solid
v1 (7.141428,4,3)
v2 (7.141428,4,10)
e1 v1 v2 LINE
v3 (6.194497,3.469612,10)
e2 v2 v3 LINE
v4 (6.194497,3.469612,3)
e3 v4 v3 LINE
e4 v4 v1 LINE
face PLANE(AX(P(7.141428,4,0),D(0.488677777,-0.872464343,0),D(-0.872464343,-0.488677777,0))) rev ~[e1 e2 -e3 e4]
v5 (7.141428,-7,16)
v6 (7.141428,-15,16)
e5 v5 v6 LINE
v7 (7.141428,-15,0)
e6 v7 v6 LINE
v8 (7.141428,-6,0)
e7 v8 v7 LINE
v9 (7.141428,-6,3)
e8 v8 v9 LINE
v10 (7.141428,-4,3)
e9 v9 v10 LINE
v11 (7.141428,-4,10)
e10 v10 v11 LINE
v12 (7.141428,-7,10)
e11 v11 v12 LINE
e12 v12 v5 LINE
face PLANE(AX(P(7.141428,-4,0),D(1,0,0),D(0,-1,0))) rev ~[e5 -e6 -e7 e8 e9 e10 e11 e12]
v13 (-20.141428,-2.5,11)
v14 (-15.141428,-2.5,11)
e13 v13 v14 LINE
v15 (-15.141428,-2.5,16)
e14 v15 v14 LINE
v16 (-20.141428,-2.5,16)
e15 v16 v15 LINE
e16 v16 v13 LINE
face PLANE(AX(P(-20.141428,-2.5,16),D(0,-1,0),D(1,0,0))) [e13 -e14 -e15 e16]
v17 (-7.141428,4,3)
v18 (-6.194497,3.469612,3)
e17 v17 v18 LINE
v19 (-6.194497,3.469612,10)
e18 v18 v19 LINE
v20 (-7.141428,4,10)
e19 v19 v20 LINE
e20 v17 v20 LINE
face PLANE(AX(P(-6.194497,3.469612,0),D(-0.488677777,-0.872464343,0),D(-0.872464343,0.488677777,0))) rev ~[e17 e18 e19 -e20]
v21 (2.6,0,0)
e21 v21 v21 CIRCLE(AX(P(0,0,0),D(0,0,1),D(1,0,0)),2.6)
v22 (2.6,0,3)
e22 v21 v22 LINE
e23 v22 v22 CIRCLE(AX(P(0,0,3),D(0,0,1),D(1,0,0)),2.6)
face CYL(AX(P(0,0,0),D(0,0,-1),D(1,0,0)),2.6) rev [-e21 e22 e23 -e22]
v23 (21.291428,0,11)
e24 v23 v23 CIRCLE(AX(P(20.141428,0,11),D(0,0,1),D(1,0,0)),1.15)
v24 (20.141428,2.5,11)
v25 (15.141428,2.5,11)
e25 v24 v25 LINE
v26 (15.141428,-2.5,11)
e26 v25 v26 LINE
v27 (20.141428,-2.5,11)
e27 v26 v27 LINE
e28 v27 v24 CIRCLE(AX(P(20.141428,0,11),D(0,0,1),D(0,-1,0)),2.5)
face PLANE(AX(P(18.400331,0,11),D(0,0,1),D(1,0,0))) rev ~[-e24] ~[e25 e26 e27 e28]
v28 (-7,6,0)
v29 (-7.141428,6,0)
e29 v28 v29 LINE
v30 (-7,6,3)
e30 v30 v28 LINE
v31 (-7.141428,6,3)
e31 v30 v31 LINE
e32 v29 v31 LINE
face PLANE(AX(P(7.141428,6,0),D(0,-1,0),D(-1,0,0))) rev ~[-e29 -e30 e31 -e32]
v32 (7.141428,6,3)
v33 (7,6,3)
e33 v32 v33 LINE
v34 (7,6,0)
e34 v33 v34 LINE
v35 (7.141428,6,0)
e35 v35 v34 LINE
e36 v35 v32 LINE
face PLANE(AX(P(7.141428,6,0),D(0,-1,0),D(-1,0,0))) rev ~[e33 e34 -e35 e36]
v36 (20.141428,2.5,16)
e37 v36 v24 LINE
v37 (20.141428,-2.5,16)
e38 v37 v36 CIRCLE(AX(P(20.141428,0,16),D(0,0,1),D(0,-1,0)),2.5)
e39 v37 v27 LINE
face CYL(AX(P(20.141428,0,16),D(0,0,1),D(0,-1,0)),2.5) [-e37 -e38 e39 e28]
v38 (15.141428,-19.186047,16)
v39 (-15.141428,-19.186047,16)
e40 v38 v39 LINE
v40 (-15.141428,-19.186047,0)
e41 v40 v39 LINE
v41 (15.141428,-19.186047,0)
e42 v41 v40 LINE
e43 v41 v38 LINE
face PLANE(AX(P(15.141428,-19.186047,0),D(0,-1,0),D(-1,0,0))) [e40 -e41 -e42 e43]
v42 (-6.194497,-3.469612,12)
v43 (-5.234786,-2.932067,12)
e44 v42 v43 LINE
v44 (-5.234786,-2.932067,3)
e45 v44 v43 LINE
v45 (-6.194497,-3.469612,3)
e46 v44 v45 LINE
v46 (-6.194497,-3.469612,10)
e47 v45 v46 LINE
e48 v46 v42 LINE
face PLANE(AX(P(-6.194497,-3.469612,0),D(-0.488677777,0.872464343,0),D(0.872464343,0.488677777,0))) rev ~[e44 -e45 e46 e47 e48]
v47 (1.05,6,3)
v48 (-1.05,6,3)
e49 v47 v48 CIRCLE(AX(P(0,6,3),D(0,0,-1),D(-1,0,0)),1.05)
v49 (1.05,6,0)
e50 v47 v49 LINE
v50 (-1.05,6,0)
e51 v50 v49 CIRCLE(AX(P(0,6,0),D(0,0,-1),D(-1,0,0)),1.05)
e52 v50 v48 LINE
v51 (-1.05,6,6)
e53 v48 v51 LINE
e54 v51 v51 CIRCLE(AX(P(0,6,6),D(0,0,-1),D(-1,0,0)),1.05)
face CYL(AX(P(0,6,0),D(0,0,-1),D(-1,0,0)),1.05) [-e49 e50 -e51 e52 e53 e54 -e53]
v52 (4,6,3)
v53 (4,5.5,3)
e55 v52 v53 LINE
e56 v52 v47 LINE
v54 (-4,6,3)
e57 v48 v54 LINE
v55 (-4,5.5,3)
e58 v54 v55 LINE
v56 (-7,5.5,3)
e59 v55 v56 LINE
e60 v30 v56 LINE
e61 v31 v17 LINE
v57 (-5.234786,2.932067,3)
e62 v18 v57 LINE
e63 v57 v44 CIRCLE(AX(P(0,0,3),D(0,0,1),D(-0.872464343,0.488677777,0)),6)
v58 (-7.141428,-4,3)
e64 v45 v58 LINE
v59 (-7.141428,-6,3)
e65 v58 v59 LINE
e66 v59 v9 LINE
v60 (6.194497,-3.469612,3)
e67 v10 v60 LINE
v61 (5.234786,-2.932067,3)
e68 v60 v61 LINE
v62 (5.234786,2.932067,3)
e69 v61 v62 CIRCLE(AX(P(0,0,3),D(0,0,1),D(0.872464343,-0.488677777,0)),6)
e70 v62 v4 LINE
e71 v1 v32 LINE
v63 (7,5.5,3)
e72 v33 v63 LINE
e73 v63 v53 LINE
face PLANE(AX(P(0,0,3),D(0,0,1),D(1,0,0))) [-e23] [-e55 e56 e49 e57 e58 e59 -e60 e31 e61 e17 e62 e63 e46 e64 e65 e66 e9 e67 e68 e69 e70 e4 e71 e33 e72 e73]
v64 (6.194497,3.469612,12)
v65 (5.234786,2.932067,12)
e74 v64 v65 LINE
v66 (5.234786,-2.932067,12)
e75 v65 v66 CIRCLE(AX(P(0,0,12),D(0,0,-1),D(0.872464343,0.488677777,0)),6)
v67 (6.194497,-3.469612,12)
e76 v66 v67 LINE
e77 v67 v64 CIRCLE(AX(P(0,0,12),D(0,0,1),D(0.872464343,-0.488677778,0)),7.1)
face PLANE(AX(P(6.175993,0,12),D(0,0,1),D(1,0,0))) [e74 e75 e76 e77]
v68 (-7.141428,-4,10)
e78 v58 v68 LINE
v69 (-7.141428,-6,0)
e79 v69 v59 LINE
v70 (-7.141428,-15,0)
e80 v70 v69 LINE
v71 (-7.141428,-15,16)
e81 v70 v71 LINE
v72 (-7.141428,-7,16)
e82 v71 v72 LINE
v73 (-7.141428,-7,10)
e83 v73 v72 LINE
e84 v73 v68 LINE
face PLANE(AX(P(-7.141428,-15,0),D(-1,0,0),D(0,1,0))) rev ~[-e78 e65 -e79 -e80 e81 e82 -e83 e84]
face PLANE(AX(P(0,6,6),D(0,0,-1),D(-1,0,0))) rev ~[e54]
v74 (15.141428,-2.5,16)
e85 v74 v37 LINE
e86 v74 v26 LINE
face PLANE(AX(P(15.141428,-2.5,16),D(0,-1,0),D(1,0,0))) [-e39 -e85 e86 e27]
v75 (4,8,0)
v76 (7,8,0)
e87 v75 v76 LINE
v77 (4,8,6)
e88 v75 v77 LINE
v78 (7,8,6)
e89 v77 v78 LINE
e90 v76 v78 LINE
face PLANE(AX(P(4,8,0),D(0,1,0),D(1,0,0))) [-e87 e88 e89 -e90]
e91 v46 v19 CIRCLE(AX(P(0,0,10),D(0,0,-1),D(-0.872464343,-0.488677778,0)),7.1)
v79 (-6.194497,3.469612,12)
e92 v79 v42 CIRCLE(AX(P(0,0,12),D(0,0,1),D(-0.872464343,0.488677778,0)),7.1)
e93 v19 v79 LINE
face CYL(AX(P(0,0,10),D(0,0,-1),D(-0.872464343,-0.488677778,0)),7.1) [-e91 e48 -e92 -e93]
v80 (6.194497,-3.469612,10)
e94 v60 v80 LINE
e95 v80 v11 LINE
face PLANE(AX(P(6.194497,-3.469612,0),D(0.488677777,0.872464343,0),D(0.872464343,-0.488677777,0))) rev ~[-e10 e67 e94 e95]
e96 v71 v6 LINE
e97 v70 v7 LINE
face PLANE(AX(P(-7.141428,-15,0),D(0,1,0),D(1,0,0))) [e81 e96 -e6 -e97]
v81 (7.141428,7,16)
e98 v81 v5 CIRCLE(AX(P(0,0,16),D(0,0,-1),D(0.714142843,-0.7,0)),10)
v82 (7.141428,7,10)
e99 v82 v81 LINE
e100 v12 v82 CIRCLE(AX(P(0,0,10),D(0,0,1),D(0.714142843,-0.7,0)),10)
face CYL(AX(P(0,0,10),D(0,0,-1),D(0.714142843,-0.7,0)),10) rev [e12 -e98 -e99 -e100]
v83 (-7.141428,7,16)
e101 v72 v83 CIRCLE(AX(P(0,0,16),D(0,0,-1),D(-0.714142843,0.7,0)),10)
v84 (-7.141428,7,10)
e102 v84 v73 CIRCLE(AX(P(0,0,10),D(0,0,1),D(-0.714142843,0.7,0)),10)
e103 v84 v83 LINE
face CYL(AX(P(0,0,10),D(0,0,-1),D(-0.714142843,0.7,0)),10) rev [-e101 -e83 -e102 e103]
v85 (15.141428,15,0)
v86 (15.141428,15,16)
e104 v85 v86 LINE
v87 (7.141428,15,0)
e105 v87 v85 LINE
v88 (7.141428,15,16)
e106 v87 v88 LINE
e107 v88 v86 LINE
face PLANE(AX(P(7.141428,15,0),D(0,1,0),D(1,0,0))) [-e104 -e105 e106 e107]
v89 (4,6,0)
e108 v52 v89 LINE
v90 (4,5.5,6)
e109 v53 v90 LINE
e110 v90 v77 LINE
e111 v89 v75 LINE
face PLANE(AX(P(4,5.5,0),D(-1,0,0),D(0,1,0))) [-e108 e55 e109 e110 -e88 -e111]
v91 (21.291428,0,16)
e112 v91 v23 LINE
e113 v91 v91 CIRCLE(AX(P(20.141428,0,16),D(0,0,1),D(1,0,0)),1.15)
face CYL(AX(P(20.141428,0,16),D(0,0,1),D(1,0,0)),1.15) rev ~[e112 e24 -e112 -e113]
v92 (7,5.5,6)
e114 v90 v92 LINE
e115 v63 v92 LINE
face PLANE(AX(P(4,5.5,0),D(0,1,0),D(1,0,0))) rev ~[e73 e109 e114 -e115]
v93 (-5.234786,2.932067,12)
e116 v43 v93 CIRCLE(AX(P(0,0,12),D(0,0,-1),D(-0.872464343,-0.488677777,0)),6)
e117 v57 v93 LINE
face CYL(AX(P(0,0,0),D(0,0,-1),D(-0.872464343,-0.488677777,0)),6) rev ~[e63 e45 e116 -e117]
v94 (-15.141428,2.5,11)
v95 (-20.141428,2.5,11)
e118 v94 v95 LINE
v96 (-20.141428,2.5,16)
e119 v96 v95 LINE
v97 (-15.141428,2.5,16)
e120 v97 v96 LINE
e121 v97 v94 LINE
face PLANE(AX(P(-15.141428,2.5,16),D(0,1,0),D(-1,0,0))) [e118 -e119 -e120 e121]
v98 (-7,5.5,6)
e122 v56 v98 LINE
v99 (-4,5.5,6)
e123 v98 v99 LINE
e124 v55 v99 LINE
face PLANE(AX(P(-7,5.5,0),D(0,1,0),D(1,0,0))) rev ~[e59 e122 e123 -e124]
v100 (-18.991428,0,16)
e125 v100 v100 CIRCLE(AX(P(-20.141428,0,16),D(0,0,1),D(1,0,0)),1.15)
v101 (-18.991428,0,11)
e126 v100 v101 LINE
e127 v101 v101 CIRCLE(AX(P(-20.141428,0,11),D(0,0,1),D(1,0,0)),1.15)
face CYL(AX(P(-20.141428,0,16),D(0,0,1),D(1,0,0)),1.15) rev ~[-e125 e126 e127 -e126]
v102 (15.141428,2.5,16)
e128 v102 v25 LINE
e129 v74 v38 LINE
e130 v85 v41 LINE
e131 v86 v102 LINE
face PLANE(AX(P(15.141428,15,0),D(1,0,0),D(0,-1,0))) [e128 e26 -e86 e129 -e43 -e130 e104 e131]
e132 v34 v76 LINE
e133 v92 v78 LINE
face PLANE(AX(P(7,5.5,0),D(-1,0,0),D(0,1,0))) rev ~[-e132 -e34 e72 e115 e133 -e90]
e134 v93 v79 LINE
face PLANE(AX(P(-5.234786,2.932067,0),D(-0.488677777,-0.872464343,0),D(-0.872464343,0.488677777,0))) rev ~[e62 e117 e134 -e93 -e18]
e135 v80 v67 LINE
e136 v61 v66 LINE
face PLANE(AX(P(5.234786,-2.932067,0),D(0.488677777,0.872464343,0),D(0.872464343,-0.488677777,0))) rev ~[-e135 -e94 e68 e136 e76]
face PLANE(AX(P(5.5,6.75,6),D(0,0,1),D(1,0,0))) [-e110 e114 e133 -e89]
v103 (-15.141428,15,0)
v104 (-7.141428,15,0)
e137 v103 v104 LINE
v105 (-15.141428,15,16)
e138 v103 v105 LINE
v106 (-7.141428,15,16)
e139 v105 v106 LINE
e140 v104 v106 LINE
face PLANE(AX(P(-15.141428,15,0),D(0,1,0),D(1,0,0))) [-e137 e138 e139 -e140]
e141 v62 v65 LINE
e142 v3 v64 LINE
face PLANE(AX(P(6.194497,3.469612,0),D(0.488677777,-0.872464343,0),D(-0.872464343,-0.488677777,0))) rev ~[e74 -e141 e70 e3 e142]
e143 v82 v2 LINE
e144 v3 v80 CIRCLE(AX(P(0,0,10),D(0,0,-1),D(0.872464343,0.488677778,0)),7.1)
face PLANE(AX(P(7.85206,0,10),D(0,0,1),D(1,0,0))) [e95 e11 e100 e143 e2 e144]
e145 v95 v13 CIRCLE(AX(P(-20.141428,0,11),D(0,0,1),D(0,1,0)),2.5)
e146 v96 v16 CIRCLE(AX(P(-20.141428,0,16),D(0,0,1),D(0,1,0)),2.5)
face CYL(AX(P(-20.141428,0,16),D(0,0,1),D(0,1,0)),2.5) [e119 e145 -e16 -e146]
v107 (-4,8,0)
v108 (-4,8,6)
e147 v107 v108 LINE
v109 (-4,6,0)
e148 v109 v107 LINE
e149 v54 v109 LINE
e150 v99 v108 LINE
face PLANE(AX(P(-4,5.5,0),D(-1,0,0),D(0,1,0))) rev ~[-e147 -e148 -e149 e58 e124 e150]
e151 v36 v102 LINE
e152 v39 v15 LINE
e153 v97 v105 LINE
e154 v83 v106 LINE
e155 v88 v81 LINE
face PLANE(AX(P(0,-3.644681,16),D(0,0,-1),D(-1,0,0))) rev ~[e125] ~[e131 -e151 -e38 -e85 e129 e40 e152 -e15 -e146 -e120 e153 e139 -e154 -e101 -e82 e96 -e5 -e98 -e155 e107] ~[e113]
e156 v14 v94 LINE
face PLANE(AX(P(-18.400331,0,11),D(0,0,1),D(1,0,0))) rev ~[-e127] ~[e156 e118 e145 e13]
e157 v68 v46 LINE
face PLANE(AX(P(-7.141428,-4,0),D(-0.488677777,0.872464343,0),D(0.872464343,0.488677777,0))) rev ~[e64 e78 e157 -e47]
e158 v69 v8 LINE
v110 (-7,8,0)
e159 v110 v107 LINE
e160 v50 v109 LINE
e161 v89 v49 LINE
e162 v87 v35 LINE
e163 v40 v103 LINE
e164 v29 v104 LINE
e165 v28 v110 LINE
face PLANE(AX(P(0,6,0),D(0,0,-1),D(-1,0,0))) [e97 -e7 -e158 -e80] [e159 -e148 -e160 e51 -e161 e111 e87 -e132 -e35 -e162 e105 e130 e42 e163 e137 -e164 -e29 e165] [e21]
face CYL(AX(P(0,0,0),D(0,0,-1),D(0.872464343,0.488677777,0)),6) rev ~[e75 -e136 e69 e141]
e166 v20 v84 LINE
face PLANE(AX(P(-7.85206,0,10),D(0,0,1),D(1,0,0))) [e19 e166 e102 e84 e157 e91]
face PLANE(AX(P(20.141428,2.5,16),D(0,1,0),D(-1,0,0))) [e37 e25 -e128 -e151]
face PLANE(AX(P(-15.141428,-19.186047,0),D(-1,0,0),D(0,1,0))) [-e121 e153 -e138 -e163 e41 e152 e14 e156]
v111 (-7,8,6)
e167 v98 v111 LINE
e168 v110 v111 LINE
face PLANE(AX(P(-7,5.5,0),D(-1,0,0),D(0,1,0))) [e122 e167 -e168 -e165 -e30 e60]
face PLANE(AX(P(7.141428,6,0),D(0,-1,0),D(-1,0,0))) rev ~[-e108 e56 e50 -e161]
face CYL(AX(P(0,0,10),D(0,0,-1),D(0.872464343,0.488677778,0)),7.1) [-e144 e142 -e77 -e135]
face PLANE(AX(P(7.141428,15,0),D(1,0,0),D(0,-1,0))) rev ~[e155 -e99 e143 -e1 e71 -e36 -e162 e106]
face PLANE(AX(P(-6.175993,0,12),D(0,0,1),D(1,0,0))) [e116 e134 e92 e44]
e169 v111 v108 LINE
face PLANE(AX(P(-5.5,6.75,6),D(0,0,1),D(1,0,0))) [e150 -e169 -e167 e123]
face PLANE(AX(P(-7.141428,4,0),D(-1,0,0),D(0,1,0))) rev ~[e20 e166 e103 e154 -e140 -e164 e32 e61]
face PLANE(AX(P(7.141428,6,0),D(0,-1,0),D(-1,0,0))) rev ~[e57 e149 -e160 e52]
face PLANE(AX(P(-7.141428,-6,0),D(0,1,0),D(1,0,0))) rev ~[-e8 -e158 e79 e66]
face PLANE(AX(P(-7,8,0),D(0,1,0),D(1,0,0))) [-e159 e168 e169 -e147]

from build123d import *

# Parameters (mm, degrees)
EXTRUDE_2_DEPTH     = 16
SKETCH_1_3_R        = 2.6
EXTRUDE_3_DEPTH     = 3
EXTRUDE_START       = 16
SKETCH_1_6_R        = 1.15
EXTRUDE_4_DEPTH     = 5
CUT_EXTRUDE_START   = 10
CUT_EXTRUDE_1_DEPTH = 13
CUT_EXTRUDE_START_2 = 12
CUT_EXTRUDE_2_DEPTH = 13
SKETCH_3_R          = 1.05
EXTRUDE_5_DEPTH     = 6
EXTRUDE_START_2     = -3
SKETCH_4_W          = 3
SKETCH_4_H          = 2.5
EXTRUDE_7_DEPTH     = 6


with BuildPart() as part:
    # 草图1 → 凸台-拉伸2 (new body)
    with BuildSketch(Plane.XY):
        with BuildLine():
            ThreePointArc((-7.141428429, 7), (-10, 0), (-7.141428429, -7))
            Line((-7.141428429, -7), (-7.141428429, -15))
            Line((-7.141428429, -15), (-4, -15))
            Line((-4, -15), (4, -15))
            Line((4, -15), (7.141428429, -15))
            Line((7.141428429, -15), (7.141428429, -7))
            ThreePointArc((7.141428429, -7), (10, 0), (7.141428429, 7))
            Line((7.141428429, 7), (7.141428429, 15))
            Line((7.141428429, 15), (15.141428429, 15))
            Line((15.141428429, 15), (15.141428429, -19.186046512))
            Line((15.141428429, -19.186046512), (-15.141428429, -19.186046512))
            Line((-15.141428429, -19.186046512), (-15.141428429, 15))
            Line((-15.141428429, 15), (-7.141428429, 15))
            Line((-7.141428429, 15), (-7.141428429, 7))
        make_face()
        with BuildLine():
            Line((-7.141428429, 4), (-7.141428429, 6))
            Line((-7.141428429, 6), (-7.141428429, 7))
            ThreePointArc((-7.141428429, 7), (-10, 0), (-7.141428429, -7))
            Line((-7.141428429, -7), (-7.141428429, -6))
            Line((-7.141428429, -6), (-7.141428429, -4))
            Line((-7.141428429, -4), (-6.194496835, -3.46961222))
            ThreePointArc((-6.194496835, -3.46961222), (-7.1, 0), (-6.194496835, 3.46961222))
            Line((-6.194496835, 3.46961222), (-7.141428429, 4))
        make_face()
        with BuildLine():
            Line((-5.234786058, 2.932066665), (-6.194496835, 3.46961222))
            ThreePointArc((-6.194496835, 3.46961222), (-7.1, 0), (-6.194496835, -3.46961222))
            Line((-6.194496835, -3.46961222), (-5.234786058, -2.932066665))
            ThreePointArc((-5.234786058, -2.932066665), (-6, 0), (-5.234786058, 2.932066665))
        make_face()
        with BuildLine():
            ThreePointArc((6.194496835, -3.46961222), (7.1, 0), (6.194496835, 3.46961222))
            Line((6.194496835, 3.46961222), (5.234786058, 2.932066665))
            ThreePointArc((5.234786058, 2.932066665), (6, 0), (5.234786058, -2.932066665))
            Line((5.234786058, -2.932066665), (6.194496835, -3.46961222))
        make_face()
        with BuildLine():
            ThreePointArc((7.141428429, -7), (10, 0), (7.141428429, 7))
            Line((7.141428429, 7), (7.141428429, 6))
            Line((7.141428429, 6), (7.141428429, 4))
            Line((7.141428429, 4), (6.194496835, 3.46961222))
            ThreePointArc((6.194496835, 3.46961222), (7.1, 0), (6.194496835, -3.46961222))
            Line((6.194496835, -3.46961222), (7.141428429, -4))
            Line((7.141428429, -4), (7.141428429, -6))
            Line((7.141428429, -6), (7.141428429, -7))
        make_face()
    extrude(amount=EXTRUDE_2_DEPTH)

    # 草图1<3> → 凸台-拉伸3 (add)
    with BuildSketch(Plane.XY):
        with BuildLine():
            Line((7.141428429, 4), (7.141428429, 6))
            Line((7.141428429, 6), (-7.141428429, 6))
            Line((-7.141428429, 6), (-7.141428429, 4))
            Line((-7.141428429, 4), (-6.194496835, 3.46961222))
            Line((-6.194496835, 3.46961222), (-5.234786058, 2.932066665))
            ThreePointArc((-5.234786058, 2.932066665), (-6, 0), (-5.234786058, -2.932066665))
            Line((-5.234786058, -2.932066665), (-6.194496835, -3.46961222))
            Line((-6.194496835, -3.46961222), (-7.141428429, -4))
            Line((-7.141428429, -4), (-7.141428429, -6))
            Line((-7.141428429, -6), (7.141428429, -6))
            Line((7.141428429, -6), (7.141428429, -4))
            Line((7.141428429, -4), (6.194496835, -3.46961222))
            Line((6.194496835, -3.46961222), (5.234786058, -2.932066665))
            ThreePointArc((5.234786058, -2.932066665), (6, 0), (5.234786058, 2.932066665))
            Line((5.234786058, 2.932066665), (6.194496835, 3.46961222))
            Line((6.194496835, 3.46961222), (7.141428429, 4))
        make_face()
        Circle(SKETCH_1_3_R, mode=Mode.SUBTRACT)
    extrude(amount=EXTRUDE_3_DEPTH)

    # 草图1<6> → 凸台-拉伸4 (add)
    # profile 1 of 2: a face of its own
    with BuildSketch(Plane.XY.offset(EXTRUDE_START)):
        with BuildLine():
            Line((-15.141428429, -2.5), (-15.141428429, 2.5))
            Line((-15.141428429, 2.5), (-20.141428429, 2.5))
            ThreePointArc((-20.141428429, 2.5), (-22.641428429, 0), (-20.141428429, -2.5))
            Line((-20.141428429, -2.5), (-15.141428429, -2.5))
        make_face()
        with Locations((-20.141428429, 0)):
            Circle(SKETCH_1_6_R, mode=Mode.SUBTRACT)
    # profile 2 of 2: a face of its own
    with BuildSketch(Plane.XY.offset(EXTRUDE_START)):
        with BuildLine():
            Line((20.141428429, 2.5), (15.141428429, 2.5))
            Line((15.141428429, 2.5), (15.141428429, -2.5))
            Line((15.141428429, -2.5), (20.141428429, -2.5))
            ThreePointArc((20.141428429, -2.5), (22.641428429, 0), (20.141428429, 2.5))
        make_face()
        with Locations((20.141428429, 0)):
            Circle(SKETCH_1_6_R, mode=Mode.SUBTRACT)
    extrude(amount=-EXTRUDE_4_DEPTH)

    # 草图1<4> → 切除-拉伸1 (cut)
    with BuildSketch(Plane.XY.offset(CUT_EXTRUDE_START)):
        with BuildLine():
            Line((-7.141428429, 4), (-7.141428429, 6))
            Line((-7.141428429, 6), (-7.141428429, 7))
            ThreePointArc((-7.141428429, 7), (-10, 0), (-7.141428429, -7))
            Line((-7.141428429, -7), (-7.141428429, -6))
            Line((-7.141428429, -6), (-7.141428429, -4))
            Line((-7.141428429, -4), (-6.194496835, -3.46961222))
            ThreePointArc((-6.194496835, -3.46961222), (-7.1, 0), (-6.194496835, 3.46961222))
            Line((-6.194496835, 3.46961222), (-7.141428429, 4))
        make_face()
        with BuildLine():
            ThreePointArc((7.141428429, -7), (10, 0), (7.141428429, 7))
            Line((7.141428429, 7), (7.141428429, 6))
            Line((7.141428429, 6), (7.141428429, 4))
            Line((7.141428429, 4), (6.194496835, 3.46961222))
            ThreePointArc((6.194496835, 3.46961222), (7.1, 0), (6.194496835, -3.46961222))
            Line((6.194496835, -3.46961222), (7.141428429, -4))
            Line((7.141428429, -4), (7.141428429, -6))
            Line((7.141428429, -6), (7.141428429, -7))
        make_face()
    extrude(amount=CUT_EXTRUDE_1_DEPTH, mode=Mode.SUBTRACT)

    # 草图1<5> → 切除-拉伸2 (cut)
    with BuildSketch(Plane.XY.offset(CUT_EXTRUDE_START_2)):
        with BuildLine():
            Line((-5.234786058, 2.932066665), (-6.194496835, 3.46961222))
            ThreePointArc((-6.194496835, 3.46961222), (-7.1, 0), (-6.194496835, -3.46961222))
            Line((-6.194496835, -3.46961222), (-5.234786058, -2.932066665))
            ThreePointArc((-5.234786058, -2.932066665), (-6, 0), (-5.234786058, 2.932066665))
        make_face()
        with BuildLine():
            ThreePointArc((6.194496835, -3.46961222), (7.1, 0), (6.194496835, 3.46961222))
            Line((6.194496835, 3.46961222), (5.234786058, 2.932066665))
            ThreePointArc((5.234786058, 2.932066665), (6, 0), (5.234786058, -2.932066665))
            Line((5.234786058, -2.932066665), (6.194496835, -3.46961222))
        make_face()
    extrude(amount=CUT_EXTRUDE_2_DEPTH, mode=Mode.SUBTRACT)

    # 草图3 → 凸台-拉伸5 (add)
    with BuildSketch(Plane(origin=(0, 0, 0), x_dir=(-1, 0, 0), z_dir=(0, 0, -1))):
        with Locations((0, 6)):
            Circle(SKETCH_3_R)
    extrude(amount=-EXTRUDE_5_DEPTH)

    # 草图4 → 凸台-拉伸7 (add)
    with BuildSketch(Plane.XY.offset(3).offset(EXTRUDE_START_2)):
        with Locations((5.5, 6.75)):
            Rectangle(SKETCH_4_W, SKETCH_4_H)
        with Locations((-5.5, 6.75)):
            Rectangle(SKETCH_4_W, SKETCH_4_H)
    extrude(amount=EXTRUDE_7_DEPTH)


solid = part.part
